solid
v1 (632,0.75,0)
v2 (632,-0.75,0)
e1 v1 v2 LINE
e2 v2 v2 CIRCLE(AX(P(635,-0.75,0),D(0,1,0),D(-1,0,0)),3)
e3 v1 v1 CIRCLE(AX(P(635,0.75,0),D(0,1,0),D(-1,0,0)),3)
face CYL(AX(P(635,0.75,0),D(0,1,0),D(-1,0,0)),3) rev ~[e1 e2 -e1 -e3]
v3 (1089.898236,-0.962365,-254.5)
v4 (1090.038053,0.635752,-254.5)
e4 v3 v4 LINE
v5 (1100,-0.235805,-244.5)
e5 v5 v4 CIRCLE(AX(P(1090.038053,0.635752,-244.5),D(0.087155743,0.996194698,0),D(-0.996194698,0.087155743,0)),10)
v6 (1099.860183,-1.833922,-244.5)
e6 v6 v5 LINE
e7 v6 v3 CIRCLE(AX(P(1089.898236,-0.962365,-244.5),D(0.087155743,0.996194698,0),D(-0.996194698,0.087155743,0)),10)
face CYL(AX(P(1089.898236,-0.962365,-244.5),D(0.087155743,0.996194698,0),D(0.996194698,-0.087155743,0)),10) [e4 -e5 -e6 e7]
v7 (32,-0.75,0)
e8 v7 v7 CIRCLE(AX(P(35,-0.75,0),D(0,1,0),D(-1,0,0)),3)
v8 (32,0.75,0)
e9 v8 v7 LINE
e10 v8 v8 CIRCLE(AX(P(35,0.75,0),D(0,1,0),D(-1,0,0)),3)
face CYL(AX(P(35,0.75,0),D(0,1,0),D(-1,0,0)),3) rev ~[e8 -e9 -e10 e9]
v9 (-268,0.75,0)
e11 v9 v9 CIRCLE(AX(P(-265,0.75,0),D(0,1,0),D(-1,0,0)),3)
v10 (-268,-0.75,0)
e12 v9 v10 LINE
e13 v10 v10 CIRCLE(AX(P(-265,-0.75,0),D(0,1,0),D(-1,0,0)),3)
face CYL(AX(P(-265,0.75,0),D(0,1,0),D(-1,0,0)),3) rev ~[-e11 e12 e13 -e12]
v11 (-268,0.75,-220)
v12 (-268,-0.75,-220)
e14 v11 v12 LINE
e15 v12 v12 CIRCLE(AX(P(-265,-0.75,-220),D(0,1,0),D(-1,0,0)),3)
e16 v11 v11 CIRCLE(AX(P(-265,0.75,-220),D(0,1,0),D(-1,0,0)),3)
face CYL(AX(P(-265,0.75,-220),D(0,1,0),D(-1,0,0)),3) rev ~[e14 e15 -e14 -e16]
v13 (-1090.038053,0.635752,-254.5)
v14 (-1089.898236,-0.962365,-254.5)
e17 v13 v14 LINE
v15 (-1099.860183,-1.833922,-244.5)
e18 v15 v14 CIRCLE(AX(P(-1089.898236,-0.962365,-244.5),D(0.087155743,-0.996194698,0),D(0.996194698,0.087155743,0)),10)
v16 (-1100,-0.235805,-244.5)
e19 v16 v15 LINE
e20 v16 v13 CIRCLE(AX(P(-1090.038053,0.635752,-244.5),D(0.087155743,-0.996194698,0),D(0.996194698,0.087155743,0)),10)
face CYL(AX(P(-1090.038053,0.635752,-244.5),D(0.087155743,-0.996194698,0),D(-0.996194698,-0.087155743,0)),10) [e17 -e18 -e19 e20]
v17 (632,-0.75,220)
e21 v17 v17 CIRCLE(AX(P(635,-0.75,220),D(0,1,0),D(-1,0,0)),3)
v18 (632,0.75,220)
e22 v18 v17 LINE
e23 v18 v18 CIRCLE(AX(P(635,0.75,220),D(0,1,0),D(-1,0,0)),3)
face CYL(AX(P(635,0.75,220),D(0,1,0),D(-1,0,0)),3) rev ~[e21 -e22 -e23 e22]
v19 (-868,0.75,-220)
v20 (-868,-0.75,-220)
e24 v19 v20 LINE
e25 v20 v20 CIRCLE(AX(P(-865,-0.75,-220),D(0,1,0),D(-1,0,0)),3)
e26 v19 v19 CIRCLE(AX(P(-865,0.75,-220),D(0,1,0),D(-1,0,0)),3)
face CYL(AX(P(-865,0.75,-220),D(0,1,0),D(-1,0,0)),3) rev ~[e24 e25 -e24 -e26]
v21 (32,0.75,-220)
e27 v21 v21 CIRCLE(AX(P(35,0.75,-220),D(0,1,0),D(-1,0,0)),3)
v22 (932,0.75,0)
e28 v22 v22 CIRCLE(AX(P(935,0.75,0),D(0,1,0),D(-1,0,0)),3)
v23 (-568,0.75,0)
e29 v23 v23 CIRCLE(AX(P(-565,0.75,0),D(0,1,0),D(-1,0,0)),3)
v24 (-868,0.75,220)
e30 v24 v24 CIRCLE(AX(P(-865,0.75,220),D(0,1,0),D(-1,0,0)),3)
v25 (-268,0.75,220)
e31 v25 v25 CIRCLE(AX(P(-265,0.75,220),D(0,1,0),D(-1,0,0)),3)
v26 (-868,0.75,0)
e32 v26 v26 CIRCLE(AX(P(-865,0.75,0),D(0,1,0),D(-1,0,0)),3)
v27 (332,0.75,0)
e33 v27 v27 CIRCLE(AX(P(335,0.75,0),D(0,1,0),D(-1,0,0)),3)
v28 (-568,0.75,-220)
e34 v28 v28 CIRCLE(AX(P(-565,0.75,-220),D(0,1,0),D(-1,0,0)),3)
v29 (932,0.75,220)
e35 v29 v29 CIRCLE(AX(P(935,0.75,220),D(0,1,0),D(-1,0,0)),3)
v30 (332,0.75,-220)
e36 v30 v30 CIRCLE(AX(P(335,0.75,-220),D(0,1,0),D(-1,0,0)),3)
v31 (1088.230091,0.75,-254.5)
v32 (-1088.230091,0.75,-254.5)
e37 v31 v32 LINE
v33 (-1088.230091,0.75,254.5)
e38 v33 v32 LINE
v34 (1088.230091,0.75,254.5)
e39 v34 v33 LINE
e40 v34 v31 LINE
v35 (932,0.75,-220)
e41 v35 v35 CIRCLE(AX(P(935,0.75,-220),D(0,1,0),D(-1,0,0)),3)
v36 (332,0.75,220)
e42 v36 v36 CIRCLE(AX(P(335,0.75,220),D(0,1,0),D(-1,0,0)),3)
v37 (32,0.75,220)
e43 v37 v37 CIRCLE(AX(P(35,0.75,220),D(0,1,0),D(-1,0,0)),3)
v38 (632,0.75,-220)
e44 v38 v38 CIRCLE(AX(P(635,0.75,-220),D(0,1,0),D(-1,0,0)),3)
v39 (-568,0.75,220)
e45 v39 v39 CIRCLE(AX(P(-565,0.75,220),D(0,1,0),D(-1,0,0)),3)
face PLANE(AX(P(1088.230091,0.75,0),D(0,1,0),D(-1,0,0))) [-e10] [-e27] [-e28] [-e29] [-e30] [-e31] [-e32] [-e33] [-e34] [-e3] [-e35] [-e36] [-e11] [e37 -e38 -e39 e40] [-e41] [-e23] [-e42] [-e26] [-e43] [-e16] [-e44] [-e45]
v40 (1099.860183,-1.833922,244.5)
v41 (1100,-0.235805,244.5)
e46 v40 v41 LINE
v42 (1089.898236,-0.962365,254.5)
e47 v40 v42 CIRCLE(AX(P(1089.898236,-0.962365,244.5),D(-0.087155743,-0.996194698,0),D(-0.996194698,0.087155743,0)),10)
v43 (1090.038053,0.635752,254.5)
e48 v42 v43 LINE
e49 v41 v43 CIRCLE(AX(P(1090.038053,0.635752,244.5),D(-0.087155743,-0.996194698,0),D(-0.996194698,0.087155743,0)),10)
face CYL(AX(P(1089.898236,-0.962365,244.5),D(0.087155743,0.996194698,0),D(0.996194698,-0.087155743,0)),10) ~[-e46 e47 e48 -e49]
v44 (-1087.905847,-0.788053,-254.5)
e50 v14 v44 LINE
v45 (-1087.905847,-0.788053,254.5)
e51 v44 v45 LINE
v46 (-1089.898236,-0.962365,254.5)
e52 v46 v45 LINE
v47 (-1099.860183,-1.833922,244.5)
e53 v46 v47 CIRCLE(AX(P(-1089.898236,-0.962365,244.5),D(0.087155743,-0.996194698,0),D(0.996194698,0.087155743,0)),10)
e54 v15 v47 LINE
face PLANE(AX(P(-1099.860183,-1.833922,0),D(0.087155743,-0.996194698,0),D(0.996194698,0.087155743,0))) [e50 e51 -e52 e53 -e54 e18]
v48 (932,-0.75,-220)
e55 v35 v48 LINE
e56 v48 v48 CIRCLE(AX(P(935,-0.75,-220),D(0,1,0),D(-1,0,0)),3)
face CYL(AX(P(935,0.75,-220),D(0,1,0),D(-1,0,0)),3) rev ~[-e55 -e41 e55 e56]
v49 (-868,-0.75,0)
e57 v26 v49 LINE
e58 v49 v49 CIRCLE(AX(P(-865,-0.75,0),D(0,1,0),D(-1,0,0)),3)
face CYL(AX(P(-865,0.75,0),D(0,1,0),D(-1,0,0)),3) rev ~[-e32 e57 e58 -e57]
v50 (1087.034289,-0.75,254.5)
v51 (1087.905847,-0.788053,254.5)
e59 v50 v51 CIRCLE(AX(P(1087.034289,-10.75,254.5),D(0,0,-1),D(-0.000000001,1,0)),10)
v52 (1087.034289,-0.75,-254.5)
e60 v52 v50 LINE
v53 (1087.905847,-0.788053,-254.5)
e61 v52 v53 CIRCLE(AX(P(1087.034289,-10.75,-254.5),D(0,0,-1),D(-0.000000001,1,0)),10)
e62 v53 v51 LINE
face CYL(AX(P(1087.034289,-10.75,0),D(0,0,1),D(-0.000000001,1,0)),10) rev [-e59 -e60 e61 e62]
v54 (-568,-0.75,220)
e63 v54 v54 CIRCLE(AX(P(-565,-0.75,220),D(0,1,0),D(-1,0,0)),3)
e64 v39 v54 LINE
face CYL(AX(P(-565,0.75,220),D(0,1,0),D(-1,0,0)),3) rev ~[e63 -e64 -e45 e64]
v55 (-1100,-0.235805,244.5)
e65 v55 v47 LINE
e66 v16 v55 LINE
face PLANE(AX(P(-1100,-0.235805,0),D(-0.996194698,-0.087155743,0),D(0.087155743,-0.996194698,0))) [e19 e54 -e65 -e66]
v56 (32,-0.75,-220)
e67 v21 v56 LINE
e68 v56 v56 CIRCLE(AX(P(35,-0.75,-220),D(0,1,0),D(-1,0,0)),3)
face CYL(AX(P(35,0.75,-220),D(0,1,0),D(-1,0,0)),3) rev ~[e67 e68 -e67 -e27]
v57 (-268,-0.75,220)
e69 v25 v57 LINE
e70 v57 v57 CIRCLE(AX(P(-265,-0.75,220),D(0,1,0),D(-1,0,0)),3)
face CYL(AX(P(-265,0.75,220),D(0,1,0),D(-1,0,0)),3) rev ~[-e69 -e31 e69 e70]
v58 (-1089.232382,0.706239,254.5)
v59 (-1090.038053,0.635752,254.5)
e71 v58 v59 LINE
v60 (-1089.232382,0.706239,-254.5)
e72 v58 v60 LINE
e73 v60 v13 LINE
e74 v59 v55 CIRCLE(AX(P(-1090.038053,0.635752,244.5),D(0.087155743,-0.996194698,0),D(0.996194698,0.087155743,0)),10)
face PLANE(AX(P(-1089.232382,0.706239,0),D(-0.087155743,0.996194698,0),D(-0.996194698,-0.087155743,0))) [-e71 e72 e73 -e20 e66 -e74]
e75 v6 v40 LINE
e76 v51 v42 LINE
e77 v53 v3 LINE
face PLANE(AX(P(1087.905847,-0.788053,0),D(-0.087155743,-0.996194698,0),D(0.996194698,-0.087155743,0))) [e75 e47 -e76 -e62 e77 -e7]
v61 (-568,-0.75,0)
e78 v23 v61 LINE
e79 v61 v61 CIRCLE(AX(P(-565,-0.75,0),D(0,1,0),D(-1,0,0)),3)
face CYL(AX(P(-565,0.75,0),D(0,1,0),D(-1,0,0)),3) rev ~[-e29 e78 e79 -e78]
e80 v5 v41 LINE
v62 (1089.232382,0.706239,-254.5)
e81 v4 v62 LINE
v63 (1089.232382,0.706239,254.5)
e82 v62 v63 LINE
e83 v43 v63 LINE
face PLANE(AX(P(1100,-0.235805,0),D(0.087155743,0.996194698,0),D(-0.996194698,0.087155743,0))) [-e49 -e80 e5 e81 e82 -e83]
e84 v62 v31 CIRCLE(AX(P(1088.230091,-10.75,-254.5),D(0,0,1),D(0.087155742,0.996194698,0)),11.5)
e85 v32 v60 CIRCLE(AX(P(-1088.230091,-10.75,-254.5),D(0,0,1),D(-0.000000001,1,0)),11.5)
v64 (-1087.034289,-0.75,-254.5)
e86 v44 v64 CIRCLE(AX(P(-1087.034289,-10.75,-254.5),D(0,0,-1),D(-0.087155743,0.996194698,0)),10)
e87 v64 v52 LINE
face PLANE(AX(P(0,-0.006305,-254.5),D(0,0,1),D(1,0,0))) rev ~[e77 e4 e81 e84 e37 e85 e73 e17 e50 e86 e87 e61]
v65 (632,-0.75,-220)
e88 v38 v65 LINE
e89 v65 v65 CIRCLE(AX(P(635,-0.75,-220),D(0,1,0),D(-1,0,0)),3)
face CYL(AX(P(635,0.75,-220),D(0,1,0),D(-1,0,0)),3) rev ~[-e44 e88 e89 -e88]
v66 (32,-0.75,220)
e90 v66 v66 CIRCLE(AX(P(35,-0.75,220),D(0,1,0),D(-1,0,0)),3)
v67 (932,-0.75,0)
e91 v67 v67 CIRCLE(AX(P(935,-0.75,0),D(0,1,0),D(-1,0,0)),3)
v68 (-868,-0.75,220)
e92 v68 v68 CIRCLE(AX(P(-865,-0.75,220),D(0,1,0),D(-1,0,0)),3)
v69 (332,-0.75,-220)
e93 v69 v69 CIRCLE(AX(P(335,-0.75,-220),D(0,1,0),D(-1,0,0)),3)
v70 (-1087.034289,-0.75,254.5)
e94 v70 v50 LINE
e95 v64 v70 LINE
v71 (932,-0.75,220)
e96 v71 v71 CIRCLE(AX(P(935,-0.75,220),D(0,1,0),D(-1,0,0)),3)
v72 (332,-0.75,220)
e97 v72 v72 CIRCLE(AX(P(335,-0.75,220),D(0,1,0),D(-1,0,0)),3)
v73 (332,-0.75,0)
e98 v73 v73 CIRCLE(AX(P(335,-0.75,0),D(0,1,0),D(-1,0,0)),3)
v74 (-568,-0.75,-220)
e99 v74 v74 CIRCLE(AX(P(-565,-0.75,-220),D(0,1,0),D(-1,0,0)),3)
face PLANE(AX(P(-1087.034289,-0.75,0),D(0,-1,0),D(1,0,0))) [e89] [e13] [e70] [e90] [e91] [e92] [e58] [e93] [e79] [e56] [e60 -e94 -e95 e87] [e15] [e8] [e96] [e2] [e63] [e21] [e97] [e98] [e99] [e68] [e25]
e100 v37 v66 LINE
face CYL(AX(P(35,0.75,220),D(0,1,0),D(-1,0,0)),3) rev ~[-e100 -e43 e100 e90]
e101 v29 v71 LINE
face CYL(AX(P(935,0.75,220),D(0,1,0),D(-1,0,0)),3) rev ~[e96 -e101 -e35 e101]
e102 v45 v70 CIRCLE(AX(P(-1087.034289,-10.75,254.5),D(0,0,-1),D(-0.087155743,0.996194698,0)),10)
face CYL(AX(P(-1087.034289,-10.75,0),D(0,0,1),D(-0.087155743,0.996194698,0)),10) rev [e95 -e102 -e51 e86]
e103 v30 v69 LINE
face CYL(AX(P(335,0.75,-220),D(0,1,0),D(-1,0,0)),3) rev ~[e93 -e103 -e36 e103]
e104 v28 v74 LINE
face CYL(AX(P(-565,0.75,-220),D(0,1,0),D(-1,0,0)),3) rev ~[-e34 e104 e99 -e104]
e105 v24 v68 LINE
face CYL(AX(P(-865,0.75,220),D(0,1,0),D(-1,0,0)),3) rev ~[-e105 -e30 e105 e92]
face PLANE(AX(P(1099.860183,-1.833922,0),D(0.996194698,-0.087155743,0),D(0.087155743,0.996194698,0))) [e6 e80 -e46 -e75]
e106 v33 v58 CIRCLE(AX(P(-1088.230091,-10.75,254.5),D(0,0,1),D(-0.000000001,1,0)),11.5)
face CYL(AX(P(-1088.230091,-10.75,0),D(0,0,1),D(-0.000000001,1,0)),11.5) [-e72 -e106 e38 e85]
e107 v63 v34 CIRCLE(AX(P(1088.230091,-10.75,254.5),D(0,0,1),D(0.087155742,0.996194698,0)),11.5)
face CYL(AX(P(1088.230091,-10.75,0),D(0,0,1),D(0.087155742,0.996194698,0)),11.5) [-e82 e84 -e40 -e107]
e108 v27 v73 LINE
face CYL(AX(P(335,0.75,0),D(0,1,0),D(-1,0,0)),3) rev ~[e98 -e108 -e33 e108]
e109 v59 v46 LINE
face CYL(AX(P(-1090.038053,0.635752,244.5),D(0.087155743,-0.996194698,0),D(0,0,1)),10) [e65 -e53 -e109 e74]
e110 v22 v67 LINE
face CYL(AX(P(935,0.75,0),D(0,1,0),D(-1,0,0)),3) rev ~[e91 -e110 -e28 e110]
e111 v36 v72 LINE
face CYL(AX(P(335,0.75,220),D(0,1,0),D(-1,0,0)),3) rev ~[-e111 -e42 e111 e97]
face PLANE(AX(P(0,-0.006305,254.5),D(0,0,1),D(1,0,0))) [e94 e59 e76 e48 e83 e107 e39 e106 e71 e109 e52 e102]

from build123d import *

# Parameters (mm, degrees)
ESTRUSIONE_ESTRUSIONE1_DEPTH = 254.5
RACCORDO1_R                  = 10
SCHIZZO2_R                   = 3
TAGLIO_ESTRUSIONE1_DEPTH     = 2
RIPETIZIONE_A_L1_COUNT       = 4
RIPETIZIONE_A_L1_PITCH       = 300
RIPETIZIONE_A_L1_COL_COUNT   = 4
RIPETIZIONE_A_L1_COL_PITCH   = 300


with BuildPart() as part:
    # Schizzo1 → Estrusione-Estrusione1 (new, symmetric)
    with BuildSketch(Plane.XY):
        with BuildLine():
            Line((-1089.232382107, 0.706239028), (-1100, -0.235805471))
            Line((-1100, -0.235805471), (-1099.860182927, -1.833921932))
            Line((-1099.860182927, -1.833921932), (-1087.90584655, -0.788053019))
            ThreePointArc((-1087.90584655, -0.788053019), (-1087.470482996, -0.759517784), (-1087.034289122, -0.75))
            Line((-1087.034289122, -0.75), (1087.034289122, -0.75))
            ThreePointArc((1087.034289122, -0.75), (1087.470482996, -0.759517784), (1087.90584655, -0.788053019))
            Line((1087.90584655, -0.788053019), (1099.860182927, -1.833921932))
            Line((1099.860182927, -1.833921932), (1100, -0.235805471))
            Line((1100, -0.235805471), (1089.232382107, 0.706239028))
            ThreePointArc((1089.232382107, 0.706239028), (1088.73171402, 0.739054548), (1088.230091065, 0.75))
            Line((1088.230091065, 0.75), (-1088.230091065, 0.75))
            ThreePointArc((-1088.230091065, 0.75), (-1088.73171402, 0.739054548), (-1089.232382107, 0.706239028))
        make_face()
    extrude(amount=ESTRUSIONE_ESTRUSIONE1_DEPTH, both=True)

    # Raccordo1
    raccordo1_edges = [part.edges().sort_by_distance(p)[0] for p in [
        (1099.930091463, -1.034863701, -254.5),
        (-1099.930091463, -1.034863701, -254.5),
        (1099.930091463, -1.034863701, 254.5),
        (-1099.930091463, -1.034863701, 254.5),
    ]]
    fillet(raccordo1_edges, radius=RACCORDO1_R)

    # Schizzo2 → Taglio-Estrusione1 (cut)
    with BuildSketch(Plane(origin=(0, 0.75, 0), x_dir=(1, 0, 0), z_dir=(0, 1, 0))):
        with Locations(Location((35, -220, 0), (0, 0, 180))):
            Circle(SCHIZZO2_R)
        with Locations(Location((35, 220, 0), (0, 0, 180))):
            Circle(SCHIZZO2_R)
        with Locations(Location((35, 0, 0), (0, 0, 180))):
            Circle(SCHIZZO2_R)
    taglio_estrusione1 = extrude(amount=-TAGLIO_ESTRUSIONE1_DEPTH, mode=Mode.SUBTRACT)

    # Ripetizione a L1: Taglio-Estrusione1 ×4
    with Locations(*[(i * RIPETIZIONE_A_L1_PITCH, 0, 0) for i in range(1, RIPETIZIONE_A_L1_COUNT)]):
        add(taglio_estrusione1, mode=Mode.SUBTRACT)

    # Ripetizione a L1 col: Taglio-Estrusione1 ×4
    with Locations(*[(-i * RIPETIZIONE_A_L1_COL_PITCH, 0, 0) for i in range(1, RIPETIZIONE_A_L1_COL_COUNT)]):
        add(taglio_estrusione1, mode=Mode.SUBTRACT)


solid = part.part
